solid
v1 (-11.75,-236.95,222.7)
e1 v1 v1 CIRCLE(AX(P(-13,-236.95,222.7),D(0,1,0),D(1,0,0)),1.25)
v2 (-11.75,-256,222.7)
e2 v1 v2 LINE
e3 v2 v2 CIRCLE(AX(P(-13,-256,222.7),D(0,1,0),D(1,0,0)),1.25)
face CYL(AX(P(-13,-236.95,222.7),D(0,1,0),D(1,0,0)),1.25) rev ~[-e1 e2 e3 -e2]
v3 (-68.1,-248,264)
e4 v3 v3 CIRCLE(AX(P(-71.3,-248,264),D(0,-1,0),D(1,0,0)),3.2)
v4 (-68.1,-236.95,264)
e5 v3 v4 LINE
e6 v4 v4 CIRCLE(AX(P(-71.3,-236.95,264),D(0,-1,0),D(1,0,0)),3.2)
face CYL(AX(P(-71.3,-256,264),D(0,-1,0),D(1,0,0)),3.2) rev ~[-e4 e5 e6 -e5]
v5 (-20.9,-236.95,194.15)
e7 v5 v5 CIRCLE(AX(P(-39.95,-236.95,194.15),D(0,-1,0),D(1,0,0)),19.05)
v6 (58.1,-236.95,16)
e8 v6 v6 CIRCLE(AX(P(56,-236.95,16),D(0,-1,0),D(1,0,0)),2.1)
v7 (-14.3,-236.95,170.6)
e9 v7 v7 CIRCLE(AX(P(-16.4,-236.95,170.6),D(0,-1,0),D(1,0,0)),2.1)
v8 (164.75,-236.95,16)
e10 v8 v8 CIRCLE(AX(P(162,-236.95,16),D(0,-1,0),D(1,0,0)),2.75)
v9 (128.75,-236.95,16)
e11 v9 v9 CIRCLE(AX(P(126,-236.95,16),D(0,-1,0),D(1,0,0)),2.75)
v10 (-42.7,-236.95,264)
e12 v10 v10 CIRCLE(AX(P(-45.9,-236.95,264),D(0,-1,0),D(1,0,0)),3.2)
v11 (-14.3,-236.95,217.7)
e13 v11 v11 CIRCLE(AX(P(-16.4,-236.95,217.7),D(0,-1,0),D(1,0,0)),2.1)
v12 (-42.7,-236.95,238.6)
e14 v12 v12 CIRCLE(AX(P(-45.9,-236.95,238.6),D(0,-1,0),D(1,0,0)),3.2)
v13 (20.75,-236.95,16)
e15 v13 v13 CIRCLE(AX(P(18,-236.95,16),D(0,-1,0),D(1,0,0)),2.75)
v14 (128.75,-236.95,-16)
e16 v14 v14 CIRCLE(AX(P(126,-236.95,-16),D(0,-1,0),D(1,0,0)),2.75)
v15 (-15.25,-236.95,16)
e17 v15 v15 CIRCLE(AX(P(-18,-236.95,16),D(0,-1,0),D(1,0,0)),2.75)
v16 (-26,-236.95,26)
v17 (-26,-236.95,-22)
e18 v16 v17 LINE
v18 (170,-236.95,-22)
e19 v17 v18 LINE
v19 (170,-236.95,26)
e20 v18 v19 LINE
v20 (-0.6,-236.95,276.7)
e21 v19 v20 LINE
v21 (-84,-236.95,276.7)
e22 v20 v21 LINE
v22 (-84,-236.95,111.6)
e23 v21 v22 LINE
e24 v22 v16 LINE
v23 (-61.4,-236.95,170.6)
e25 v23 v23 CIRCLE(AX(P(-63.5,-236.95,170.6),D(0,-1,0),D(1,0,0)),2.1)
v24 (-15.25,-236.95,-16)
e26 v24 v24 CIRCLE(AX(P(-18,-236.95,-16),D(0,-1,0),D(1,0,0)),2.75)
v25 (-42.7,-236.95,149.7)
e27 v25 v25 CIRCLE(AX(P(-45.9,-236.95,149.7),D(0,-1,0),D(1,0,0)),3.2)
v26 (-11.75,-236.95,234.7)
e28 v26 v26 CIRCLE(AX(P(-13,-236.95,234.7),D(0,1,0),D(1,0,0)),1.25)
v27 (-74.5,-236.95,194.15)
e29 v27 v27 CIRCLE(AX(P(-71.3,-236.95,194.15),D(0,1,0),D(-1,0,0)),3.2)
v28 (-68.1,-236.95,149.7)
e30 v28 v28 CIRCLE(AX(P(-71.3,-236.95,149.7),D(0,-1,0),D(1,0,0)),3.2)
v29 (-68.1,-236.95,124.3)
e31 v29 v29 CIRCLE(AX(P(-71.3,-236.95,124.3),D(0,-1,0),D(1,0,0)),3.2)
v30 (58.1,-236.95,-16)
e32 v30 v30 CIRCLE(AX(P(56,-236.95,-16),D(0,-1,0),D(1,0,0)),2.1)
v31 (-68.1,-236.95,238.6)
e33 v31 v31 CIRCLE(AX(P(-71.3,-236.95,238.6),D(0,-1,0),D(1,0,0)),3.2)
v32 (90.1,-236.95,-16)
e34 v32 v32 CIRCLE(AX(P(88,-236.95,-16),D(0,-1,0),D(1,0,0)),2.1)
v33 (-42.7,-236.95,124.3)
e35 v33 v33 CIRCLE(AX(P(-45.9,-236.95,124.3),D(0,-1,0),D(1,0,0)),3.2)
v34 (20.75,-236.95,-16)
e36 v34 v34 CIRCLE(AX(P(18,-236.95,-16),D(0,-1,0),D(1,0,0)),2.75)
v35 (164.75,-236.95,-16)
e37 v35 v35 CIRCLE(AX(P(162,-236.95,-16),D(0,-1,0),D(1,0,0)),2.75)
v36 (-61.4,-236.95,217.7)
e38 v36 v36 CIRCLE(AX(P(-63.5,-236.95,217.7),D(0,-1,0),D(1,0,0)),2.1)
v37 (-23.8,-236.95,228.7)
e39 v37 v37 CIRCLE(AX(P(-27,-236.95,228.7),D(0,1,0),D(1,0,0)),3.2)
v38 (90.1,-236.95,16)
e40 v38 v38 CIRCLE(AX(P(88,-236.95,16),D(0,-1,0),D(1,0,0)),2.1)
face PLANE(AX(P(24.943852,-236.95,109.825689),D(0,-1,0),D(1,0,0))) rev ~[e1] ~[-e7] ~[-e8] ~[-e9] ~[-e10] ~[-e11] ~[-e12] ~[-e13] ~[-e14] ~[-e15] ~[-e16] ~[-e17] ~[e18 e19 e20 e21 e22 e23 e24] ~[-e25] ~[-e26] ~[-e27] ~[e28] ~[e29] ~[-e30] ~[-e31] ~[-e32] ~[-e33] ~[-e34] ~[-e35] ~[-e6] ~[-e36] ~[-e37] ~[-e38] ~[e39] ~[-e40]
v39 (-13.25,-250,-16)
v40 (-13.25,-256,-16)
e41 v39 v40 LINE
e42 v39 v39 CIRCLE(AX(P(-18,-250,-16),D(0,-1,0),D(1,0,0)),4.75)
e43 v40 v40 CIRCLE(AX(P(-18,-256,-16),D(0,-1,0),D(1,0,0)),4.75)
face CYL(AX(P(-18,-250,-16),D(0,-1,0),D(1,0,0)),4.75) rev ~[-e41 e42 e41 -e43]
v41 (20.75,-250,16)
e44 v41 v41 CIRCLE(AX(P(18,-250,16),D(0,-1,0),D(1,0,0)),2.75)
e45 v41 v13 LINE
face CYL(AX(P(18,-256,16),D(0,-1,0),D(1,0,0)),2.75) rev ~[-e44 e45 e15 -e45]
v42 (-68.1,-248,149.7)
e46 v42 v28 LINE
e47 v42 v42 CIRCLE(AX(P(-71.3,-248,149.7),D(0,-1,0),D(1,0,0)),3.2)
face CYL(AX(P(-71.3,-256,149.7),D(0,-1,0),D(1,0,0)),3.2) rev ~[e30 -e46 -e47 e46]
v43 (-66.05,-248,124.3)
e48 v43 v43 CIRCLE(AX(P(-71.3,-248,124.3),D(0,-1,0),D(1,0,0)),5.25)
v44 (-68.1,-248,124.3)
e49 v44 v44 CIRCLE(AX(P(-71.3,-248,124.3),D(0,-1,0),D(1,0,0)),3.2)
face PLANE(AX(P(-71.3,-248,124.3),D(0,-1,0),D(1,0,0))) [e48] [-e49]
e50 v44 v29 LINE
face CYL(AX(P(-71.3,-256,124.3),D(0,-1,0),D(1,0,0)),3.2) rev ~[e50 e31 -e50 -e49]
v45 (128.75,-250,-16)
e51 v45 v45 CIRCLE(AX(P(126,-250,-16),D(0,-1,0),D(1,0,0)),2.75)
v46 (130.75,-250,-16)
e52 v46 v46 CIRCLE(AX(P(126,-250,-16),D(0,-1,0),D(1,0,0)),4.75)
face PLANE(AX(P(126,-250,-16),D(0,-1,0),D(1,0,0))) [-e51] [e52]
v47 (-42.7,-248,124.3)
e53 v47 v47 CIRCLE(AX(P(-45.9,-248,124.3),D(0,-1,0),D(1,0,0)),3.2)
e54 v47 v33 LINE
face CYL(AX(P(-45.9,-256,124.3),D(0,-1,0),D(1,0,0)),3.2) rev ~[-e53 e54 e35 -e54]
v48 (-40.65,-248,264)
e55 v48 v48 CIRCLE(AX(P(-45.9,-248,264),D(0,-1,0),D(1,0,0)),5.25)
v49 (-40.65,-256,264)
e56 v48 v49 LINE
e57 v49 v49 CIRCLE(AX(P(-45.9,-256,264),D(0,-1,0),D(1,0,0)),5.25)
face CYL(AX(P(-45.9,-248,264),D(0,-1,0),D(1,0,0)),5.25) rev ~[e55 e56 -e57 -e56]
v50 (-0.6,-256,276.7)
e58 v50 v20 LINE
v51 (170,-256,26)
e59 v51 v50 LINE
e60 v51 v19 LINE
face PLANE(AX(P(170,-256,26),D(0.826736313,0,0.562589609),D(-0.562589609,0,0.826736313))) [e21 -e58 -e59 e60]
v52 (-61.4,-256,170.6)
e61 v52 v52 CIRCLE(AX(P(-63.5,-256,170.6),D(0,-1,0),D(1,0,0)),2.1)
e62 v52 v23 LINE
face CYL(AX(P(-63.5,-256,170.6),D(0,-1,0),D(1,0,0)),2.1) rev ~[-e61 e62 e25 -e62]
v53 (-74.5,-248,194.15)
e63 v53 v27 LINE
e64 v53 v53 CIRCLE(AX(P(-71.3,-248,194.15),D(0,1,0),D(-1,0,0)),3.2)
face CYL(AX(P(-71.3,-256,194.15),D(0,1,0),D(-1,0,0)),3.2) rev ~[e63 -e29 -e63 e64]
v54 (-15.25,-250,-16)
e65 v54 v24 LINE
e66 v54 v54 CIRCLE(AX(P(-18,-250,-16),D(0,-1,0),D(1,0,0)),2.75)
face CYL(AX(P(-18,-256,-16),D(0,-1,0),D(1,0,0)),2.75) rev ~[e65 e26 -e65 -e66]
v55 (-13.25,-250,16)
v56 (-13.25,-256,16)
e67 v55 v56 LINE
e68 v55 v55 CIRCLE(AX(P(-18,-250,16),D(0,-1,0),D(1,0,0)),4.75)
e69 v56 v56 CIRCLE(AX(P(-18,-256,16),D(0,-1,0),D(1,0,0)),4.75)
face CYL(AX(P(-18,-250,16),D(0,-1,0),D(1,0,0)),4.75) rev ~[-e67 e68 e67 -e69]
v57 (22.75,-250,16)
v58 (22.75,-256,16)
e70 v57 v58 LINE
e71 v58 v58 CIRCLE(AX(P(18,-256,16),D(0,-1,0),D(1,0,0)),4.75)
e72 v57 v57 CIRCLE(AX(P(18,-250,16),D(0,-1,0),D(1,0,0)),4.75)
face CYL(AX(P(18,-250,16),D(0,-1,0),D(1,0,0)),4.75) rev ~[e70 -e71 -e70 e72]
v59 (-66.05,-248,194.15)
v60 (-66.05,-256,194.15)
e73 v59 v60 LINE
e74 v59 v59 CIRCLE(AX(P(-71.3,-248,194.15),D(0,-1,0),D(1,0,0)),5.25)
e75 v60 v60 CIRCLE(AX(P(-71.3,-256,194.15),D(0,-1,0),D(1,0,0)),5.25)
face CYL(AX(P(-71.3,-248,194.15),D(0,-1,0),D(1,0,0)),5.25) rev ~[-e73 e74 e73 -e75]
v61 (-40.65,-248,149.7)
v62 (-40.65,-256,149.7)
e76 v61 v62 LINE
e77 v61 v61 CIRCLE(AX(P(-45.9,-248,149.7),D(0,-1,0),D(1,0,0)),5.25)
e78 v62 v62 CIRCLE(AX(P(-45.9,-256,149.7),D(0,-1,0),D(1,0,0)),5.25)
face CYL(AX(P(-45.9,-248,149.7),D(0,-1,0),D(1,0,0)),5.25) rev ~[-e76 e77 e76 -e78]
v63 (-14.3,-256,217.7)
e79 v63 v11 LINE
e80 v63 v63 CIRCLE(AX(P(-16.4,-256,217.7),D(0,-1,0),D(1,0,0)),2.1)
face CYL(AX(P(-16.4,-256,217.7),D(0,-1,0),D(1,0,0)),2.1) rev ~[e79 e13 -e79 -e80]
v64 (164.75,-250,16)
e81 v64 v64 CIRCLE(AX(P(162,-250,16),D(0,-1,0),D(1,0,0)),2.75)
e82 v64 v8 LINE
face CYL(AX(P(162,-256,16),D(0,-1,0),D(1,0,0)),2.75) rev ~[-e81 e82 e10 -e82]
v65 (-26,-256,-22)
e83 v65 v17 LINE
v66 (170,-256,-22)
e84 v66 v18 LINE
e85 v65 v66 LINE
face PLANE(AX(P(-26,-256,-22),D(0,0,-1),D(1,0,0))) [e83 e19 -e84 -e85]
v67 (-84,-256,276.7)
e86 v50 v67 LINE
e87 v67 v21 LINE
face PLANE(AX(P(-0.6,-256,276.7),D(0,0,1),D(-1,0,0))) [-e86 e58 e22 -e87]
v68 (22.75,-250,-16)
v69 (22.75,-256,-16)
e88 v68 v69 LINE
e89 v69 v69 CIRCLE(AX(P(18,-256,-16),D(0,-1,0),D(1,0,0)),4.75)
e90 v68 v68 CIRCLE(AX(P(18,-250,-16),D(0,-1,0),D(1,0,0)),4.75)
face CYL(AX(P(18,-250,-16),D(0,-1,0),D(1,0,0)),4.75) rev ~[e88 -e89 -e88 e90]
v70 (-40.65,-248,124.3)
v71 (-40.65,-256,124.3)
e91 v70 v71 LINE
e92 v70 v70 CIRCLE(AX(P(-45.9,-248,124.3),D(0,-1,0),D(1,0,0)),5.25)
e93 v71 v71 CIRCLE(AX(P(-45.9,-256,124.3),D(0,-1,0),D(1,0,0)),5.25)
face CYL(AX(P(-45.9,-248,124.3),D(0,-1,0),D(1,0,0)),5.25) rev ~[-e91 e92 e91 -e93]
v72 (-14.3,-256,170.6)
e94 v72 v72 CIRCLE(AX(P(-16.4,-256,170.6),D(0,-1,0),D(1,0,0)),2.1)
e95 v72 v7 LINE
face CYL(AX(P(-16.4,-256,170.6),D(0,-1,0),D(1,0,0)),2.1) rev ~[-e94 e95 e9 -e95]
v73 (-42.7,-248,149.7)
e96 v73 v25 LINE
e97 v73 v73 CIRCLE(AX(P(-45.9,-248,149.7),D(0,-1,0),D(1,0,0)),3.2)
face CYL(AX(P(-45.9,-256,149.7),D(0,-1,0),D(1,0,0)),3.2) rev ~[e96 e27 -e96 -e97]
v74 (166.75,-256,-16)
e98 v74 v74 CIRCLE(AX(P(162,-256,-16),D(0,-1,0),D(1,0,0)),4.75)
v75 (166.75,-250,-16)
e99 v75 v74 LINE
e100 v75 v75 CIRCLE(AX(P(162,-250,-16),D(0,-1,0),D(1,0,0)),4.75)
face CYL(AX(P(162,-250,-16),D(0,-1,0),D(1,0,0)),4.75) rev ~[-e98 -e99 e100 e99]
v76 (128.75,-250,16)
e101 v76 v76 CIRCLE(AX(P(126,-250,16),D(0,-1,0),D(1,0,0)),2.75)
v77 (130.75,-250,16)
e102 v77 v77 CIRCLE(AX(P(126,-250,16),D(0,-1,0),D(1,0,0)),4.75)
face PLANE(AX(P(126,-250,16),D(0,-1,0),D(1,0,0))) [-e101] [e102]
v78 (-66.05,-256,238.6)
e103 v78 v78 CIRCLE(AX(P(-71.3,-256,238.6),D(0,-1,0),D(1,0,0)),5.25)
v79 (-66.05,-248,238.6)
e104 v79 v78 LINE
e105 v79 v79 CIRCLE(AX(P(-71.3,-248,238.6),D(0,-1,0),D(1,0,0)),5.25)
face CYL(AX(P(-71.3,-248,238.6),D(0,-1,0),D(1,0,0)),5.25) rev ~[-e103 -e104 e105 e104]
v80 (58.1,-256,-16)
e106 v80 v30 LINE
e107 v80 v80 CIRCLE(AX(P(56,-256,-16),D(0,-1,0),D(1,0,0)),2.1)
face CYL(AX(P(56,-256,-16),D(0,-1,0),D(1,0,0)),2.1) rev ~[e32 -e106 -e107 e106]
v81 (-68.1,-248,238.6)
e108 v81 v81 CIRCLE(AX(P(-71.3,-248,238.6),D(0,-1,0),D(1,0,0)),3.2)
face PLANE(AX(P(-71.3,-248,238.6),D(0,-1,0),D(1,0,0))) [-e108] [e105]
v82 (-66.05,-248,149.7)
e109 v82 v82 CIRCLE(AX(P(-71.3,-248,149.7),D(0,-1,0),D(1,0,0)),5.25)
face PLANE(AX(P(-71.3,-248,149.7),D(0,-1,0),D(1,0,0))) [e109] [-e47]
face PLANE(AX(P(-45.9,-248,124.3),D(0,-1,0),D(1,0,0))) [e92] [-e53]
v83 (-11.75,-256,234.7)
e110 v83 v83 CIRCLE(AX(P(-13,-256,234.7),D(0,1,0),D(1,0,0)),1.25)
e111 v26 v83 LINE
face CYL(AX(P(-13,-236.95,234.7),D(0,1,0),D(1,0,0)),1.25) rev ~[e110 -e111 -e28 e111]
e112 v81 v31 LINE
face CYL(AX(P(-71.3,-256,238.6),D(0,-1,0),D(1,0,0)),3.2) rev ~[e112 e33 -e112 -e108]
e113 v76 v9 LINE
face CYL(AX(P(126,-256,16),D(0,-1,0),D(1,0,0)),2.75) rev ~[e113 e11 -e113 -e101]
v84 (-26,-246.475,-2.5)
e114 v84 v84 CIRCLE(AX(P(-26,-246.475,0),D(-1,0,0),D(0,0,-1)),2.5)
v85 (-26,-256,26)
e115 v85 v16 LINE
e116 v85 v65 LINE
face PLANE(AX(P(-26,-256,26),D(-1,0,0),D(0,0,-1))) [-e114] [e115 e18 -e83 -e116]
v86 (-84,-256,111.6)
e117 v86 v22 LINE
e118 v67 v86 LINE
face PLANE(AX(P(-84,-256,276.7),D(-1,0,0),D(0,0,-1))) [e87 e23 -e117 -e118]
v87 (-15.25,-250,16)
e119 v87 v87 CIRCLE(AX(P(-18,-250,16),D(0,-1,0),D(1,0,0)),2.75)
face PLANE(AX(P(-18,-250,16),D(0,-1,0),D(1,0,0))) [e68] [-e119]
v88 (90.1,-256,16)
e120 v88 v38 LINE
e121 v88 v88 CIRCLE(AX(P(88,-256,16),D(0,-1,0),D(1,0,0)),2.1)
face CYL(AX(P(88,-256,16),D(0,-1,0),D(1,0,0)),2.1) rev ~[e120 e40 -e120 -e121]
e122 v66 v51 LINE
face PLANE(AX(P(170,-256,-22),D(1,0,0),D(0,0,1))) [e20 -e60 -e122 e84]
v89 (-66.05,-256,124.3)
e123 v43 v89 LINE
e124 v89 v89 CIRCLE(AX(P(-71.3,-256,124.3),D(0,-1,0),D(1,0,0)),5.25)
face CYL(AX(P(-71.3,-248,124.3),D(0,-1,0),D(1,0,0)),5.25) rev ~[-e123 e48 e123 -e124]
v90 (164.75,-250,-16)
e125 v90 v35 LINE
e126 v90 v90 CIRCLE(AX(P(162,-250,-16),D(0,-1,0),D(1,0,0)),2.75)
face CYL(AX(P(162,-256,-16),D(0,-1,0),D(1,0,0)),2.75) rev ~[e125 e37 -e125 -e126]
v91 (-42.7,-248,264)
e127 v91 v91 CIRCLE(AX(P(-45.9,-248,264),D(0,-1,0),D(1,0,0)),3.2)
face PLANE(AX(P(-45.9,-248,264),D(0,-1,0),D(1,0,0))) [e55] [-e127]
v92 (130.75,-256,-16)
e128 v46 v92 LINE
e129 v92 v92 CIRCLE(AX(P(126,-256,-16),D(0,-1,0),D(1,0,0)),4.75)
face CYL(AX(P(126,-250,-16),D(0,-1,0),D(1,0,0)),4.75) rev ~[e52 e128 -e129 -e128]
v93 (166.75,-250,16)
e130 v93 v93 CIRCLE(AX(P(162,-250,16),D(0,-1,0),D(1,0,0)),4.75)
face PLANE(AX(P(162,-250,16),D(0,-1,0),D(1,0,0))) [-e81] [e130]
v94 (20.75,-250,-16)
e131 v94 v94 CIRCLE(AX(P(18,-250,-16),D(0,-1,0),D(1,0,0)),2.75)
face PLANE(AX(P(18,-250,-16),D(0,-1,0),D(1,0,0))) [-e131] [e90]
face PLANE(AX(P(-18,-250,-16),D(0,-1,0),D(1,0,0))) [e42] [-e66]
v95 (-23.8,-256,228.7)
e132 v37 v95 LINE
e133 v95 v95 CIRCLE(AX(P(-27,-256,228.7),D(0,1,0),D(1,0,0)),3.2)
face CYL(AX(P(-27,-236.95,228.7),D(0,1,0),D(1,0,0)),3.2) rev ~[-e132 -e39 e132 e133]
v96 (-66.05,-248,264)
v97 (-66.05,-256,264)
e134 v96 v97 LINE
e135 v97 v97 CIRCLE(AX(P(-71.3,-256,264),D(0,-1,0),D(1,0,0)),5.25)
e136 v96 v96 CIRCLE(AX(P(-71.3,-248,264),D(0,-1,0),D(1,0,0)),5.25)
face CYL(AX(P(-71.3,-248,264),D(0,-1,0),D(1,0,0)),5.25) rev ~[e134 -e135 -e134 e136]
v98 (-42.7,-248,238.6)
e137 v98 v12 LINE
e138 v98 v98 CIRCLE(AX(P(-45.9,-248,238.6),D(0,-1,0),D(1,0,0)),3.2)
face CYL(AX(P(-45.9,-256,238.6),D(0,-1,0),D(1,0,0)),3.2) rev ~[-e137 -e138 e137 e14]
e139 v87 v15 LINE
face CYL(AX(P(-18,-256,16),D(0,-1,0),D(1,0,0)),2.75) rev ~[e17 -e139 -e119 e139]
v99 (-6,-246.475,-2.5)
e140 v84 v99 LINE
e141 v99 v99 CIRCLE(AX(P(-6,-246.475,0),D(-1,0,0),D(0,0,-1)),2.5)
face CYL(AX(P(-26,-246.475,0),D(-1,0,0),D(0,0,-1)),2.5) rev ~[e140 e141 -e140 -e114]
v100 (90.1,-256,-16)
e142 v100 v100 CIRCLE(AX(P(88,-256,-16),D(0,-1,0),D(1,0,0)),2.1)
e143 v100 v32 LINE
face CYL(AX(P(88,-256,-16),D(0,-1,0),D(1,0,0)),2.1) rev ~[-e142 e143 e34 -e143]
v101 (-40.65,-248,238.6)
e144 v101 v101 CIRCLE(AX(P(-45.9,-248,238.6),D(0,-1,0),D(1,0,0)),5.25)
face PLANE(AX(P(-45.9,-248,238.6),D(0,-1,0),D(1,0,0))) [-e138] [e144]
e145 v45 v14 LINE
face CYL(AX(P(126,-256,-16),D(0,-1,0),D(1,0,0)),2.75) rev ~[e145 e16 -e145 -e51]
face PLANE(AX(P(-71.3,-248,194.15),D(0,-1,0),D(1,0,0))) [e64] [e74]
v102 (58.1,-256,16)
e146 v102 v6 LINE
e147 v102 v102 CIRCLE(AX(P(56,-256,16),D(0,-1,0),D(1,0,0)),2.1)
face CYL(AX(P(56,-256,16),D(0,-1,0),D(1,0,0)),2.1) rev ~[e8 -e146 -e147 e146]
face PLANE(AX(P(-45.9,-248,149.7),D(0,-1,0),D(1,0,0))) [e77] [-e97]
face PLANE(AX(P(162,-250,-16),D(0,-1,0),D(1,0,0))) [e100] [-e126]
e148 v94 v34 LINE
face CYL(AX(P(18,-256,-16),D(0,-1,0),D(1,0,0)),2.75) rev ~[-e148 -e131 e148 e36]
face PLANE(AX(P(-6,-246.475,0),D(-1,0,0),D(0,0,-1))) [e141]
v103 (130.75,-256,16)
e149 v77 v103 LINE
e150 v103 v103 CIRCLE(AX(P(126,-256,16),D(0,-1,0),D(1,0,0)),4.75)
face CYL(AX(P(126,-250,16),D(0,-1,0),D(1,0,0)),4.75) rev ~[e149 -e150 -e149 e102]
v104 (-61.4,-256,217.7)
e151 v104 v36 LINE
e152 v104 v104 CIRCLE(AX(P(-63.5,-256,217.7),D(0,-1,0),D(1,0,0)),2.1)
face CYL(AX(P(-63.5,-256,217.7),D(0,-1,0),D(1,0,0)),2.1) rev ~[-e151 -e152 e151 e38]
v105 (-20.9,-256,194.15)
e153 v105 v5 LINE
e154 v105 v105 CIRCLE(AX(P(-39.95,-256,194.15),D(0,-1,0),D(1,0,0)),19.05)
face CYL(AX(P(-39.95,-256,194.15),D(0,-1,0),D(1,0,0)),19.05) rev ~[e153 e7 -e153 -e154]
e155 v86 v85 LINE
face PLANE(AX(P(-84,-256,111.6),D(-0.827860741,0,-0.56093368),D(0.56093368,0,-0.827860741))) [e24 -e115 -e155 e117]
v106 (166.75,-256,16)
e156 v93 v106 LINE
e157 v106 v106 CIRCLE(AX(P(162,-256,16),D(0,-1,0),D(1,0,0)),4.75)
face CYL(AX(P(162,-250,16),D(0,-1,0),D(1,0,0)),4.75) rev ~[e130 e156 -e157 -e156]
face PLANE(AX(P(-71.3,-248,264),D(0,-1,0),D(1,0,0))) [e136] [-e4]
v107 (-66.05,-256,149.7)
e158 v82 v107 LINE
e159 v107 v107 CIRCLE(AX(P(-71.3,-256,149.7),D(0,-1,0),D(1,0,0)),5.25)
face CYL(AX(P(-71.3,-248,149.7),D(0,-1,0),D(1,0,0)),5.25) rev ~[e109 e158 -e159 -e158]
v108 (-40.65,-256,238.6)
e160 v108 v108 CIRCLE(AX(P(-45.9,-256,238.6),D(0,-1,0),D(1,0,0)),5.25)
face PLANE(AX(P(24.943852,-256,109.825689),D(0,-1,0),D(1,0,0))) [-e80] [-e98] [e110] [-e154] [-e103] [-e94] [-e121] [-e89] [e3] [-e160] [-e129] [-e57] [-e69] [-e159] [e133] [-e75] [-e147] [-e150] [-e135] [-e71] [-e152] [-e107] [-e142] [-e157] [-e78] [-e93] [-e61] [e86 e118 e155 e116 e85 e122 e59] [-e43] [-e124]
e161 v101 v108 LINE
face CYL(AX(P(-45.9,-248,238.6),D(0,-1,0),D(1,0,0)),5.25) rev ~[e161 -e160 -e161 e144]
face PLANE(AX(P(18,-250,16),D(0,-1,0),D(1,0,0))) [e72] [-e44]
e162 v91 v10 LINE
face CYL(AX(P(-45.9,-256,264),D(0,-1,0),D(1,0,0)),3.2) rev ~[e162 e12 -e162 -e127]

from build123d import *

# Parameters (mm, degrees)
SKETCH_R            = 2.75
SKETCH_R_2          = 3.2
PAD_DEPTH           = 19.05
HOLE_D              = 6.4
HOLE_CBORE_D        = 10.5
HOLE_CBORE_DEPTH    = 8
HOLE001_D           = 5.5
HOLE001_CBORE_D     = 9.5
HOLE001_CBORE_DEPTH = 6
SKETCH005_R         = 19.05
SKETCH005_R_2       = 2.1
POCKET_DEPTH        = 19.051
HOLE005_D           = 6.4
HOLE005_CBORE_D     = 10.5
HOLE005_CBORE_DEPTH = 8
SKETCH022_R         = 2.1
POCKET010_DEPTH     = 19.051
SKETCH027_R         = 2.5
POCKET013_DEPTH     = 20
SKETCH028_R         = 1.25
SKETCH028_R_2       = 3.2
POCKET014_DEPTH     = 19.051


with BuildPart() as part:
    # Sketch → Pad (new body)
    with BuildSketch(Plane.XZ):
        Polygon((-84, 276.7), (-84, 111.6), (-26, 26), (-26, -22), (170, -22), (170, 26), (-0.6, 276.7), align=None)
        with Locations((-18, 16)):
            Circle(SKETCH_R, mode=Mode.SUBTRACT)
        with Locations((18, 16)):
            Circle(SKETCH_R, mode=Mode.SUBTRACT)
        with Locations((-18, -16)):
            Circle(SKETCH_R, mode=Mode.SUBTRACT)
        with Locations((18, -16)):
            Circle(SKETCH_R, mode=Mode.SUBTRACT)
        with Locations((126, 16)):
            Circle(SKETCH_R, mode=Mode.SUBTRACT)
        with Locations((162, 16)):
            Circle(SKETCH_R, mode=Mode.SUBTRACT)
        with Locations((126, -16)):
            Circle(SKETCH_R, mode=Mode.SUBTRACT)
        with Locations((162, -16)):
            Circle(SKETCH_R, mode=Mode.SUBTRACT)
        with Locations((-71.3, 124.3)):
            Circle(SKETCH_R_2, mode=Mode.SUBTRACT)
        with Locations((-45.9, 124.3)):
            Circle(SKETCH_R_2, mode=Mode.SUBTRACT)
        with Locations((-71.3, 149.7)):
            Circle(SKETCH_R_2, mode=Mode.SUBTRACT)
        with Locations((-45.9, 149.7)):
            Circle(SKETCH_R_2, mode=Mode.SUBTRACT)
        with Locations((-71.3, 238.6)):
            Circle(SKETCH_R_2, mode=Mode.SUBTRACT)
        with Locations((-45.9, 238.6)):
            Circle(SKETCH_R_2, mode=Mode.SUBTRACT)
        with Locations((-71.3, 264)):
            Circle(SKETCH_R_2, mode=Mode.SUBTRACT)
        with Locations((-45.9, 264)):
            Circle(SKETCH_R_2, mode=Mode.SUBTRACT)
    extrude(amount=-PAD_DEPTH)

    # Hole (through all)
    with Locations(Plane.XZ):
        with Locations((-71.3, 264), (-45.9, 264), (-45.9, 238.6), (-71.3, 238.6), (-71.3, 149.7), (-45.9, 149.7), (-45.9, 124.3), (-71.3, 124.3)):
            CounterBoreHole(HOLE_D / 2, HOLE_CBORE_D / 2, HOLE_CBORE_DEPTH)

    # Hole001 (through all)
    with Locations(Plane.XZ):
        with Locations((-18, 16), (18, 16), (-18, -16), (18, -16), (126, 16), (162, 16), (126, -16), (162, -16)):
            CounterBoreHole(HOLE001_D / 2, HOLE001_CBORE_D / 2, HOLE001_CBORE_DEPTH)

    # Sketch005 (on Face4 of Hole001) → Pocket (cut, through all)
    with BuildSketch(Plane.XZ):
        with Locations((-39.95, 194.15)):
            Circle(SKETCH005_R)
        with Locations((-63.5, 217.7)):
            Circle(SKETCH005_R_2)
        with Locations((-16.4, 217.7)):
            Circle(SKETCH005_R_2)
        with Locations((-63.5, 170.6)):
            Circle(SKETCH005_R_2)
        with Locations((-16.4, 170.6)):
            Circle(SKETCH005_R_2)
    extrude(amount=-POCKET_DEPTH, mode=Mode.SUBTRACT)

    # Hole005 (through all)
    with Locations(Plane.XZ):
        with Locations((-71.3, 194.15)):
            CounterBoreHole(HOLE005_D / 2, HOLE005_CBORE_D / 2, HOLE005_CBORE_DEPTH)

    # Sketch022 (on Face4 of Hole005) → Pocket010 (cut, through all)
    with BuildSketch(Plane.XZ):
        with Locations((56, 16)):
            Circle(SKETCH022_R)
        with Locations((56, -16)):
            Circle(SKETCH022_R)
        with Locations((88, 16)):
            Circle(SKETCH022_R)
        with Locations((88, -16)):
            Circle(SKETCH022_R)
    extrude(amount=-POCKET010_DEPTH, mode=Mode.SUBTRACT)

    # Sketch027 (on Face7 of Pocket010) → Pocket013 (cut)
    with BuildSketch(Plane(origin=(-26, 0, 0), x_dir=(0, 0, -1), z_dir=(-1, 0, 0))):
        with Locations((0, -9.525)):
            Circle(SKETCH027_R)
    extrude(amount=-POCKET013_DEPTH, mode=Mode.SUBTRACT)

    # Sketch028 (on Face5 of Pocket013) → Pocket014 (cut, through all)
    with BuildSketch(Plane(origin=(0, 19.05, 0), x_dir=(1, 0, 0), z_dir=(0, 1, 0))):
        with Locations((-13, -234.7)):
            Circle(SKETCH028_R)
        with Locations((-13, -222.7)):
            Circle(SKETCH028_R)
        with Locations((-27, -228.7)):
            Circle(SKETCH028_R_2)
    extrude(amount=-POCKET014_DEPTH, mode=Mode.SUBTRACT)


with BuildPart() as part_1:
    # Body placement: moved
    add(part.part.moved(Location((0, -256, 0))))


solid = part_1.part
